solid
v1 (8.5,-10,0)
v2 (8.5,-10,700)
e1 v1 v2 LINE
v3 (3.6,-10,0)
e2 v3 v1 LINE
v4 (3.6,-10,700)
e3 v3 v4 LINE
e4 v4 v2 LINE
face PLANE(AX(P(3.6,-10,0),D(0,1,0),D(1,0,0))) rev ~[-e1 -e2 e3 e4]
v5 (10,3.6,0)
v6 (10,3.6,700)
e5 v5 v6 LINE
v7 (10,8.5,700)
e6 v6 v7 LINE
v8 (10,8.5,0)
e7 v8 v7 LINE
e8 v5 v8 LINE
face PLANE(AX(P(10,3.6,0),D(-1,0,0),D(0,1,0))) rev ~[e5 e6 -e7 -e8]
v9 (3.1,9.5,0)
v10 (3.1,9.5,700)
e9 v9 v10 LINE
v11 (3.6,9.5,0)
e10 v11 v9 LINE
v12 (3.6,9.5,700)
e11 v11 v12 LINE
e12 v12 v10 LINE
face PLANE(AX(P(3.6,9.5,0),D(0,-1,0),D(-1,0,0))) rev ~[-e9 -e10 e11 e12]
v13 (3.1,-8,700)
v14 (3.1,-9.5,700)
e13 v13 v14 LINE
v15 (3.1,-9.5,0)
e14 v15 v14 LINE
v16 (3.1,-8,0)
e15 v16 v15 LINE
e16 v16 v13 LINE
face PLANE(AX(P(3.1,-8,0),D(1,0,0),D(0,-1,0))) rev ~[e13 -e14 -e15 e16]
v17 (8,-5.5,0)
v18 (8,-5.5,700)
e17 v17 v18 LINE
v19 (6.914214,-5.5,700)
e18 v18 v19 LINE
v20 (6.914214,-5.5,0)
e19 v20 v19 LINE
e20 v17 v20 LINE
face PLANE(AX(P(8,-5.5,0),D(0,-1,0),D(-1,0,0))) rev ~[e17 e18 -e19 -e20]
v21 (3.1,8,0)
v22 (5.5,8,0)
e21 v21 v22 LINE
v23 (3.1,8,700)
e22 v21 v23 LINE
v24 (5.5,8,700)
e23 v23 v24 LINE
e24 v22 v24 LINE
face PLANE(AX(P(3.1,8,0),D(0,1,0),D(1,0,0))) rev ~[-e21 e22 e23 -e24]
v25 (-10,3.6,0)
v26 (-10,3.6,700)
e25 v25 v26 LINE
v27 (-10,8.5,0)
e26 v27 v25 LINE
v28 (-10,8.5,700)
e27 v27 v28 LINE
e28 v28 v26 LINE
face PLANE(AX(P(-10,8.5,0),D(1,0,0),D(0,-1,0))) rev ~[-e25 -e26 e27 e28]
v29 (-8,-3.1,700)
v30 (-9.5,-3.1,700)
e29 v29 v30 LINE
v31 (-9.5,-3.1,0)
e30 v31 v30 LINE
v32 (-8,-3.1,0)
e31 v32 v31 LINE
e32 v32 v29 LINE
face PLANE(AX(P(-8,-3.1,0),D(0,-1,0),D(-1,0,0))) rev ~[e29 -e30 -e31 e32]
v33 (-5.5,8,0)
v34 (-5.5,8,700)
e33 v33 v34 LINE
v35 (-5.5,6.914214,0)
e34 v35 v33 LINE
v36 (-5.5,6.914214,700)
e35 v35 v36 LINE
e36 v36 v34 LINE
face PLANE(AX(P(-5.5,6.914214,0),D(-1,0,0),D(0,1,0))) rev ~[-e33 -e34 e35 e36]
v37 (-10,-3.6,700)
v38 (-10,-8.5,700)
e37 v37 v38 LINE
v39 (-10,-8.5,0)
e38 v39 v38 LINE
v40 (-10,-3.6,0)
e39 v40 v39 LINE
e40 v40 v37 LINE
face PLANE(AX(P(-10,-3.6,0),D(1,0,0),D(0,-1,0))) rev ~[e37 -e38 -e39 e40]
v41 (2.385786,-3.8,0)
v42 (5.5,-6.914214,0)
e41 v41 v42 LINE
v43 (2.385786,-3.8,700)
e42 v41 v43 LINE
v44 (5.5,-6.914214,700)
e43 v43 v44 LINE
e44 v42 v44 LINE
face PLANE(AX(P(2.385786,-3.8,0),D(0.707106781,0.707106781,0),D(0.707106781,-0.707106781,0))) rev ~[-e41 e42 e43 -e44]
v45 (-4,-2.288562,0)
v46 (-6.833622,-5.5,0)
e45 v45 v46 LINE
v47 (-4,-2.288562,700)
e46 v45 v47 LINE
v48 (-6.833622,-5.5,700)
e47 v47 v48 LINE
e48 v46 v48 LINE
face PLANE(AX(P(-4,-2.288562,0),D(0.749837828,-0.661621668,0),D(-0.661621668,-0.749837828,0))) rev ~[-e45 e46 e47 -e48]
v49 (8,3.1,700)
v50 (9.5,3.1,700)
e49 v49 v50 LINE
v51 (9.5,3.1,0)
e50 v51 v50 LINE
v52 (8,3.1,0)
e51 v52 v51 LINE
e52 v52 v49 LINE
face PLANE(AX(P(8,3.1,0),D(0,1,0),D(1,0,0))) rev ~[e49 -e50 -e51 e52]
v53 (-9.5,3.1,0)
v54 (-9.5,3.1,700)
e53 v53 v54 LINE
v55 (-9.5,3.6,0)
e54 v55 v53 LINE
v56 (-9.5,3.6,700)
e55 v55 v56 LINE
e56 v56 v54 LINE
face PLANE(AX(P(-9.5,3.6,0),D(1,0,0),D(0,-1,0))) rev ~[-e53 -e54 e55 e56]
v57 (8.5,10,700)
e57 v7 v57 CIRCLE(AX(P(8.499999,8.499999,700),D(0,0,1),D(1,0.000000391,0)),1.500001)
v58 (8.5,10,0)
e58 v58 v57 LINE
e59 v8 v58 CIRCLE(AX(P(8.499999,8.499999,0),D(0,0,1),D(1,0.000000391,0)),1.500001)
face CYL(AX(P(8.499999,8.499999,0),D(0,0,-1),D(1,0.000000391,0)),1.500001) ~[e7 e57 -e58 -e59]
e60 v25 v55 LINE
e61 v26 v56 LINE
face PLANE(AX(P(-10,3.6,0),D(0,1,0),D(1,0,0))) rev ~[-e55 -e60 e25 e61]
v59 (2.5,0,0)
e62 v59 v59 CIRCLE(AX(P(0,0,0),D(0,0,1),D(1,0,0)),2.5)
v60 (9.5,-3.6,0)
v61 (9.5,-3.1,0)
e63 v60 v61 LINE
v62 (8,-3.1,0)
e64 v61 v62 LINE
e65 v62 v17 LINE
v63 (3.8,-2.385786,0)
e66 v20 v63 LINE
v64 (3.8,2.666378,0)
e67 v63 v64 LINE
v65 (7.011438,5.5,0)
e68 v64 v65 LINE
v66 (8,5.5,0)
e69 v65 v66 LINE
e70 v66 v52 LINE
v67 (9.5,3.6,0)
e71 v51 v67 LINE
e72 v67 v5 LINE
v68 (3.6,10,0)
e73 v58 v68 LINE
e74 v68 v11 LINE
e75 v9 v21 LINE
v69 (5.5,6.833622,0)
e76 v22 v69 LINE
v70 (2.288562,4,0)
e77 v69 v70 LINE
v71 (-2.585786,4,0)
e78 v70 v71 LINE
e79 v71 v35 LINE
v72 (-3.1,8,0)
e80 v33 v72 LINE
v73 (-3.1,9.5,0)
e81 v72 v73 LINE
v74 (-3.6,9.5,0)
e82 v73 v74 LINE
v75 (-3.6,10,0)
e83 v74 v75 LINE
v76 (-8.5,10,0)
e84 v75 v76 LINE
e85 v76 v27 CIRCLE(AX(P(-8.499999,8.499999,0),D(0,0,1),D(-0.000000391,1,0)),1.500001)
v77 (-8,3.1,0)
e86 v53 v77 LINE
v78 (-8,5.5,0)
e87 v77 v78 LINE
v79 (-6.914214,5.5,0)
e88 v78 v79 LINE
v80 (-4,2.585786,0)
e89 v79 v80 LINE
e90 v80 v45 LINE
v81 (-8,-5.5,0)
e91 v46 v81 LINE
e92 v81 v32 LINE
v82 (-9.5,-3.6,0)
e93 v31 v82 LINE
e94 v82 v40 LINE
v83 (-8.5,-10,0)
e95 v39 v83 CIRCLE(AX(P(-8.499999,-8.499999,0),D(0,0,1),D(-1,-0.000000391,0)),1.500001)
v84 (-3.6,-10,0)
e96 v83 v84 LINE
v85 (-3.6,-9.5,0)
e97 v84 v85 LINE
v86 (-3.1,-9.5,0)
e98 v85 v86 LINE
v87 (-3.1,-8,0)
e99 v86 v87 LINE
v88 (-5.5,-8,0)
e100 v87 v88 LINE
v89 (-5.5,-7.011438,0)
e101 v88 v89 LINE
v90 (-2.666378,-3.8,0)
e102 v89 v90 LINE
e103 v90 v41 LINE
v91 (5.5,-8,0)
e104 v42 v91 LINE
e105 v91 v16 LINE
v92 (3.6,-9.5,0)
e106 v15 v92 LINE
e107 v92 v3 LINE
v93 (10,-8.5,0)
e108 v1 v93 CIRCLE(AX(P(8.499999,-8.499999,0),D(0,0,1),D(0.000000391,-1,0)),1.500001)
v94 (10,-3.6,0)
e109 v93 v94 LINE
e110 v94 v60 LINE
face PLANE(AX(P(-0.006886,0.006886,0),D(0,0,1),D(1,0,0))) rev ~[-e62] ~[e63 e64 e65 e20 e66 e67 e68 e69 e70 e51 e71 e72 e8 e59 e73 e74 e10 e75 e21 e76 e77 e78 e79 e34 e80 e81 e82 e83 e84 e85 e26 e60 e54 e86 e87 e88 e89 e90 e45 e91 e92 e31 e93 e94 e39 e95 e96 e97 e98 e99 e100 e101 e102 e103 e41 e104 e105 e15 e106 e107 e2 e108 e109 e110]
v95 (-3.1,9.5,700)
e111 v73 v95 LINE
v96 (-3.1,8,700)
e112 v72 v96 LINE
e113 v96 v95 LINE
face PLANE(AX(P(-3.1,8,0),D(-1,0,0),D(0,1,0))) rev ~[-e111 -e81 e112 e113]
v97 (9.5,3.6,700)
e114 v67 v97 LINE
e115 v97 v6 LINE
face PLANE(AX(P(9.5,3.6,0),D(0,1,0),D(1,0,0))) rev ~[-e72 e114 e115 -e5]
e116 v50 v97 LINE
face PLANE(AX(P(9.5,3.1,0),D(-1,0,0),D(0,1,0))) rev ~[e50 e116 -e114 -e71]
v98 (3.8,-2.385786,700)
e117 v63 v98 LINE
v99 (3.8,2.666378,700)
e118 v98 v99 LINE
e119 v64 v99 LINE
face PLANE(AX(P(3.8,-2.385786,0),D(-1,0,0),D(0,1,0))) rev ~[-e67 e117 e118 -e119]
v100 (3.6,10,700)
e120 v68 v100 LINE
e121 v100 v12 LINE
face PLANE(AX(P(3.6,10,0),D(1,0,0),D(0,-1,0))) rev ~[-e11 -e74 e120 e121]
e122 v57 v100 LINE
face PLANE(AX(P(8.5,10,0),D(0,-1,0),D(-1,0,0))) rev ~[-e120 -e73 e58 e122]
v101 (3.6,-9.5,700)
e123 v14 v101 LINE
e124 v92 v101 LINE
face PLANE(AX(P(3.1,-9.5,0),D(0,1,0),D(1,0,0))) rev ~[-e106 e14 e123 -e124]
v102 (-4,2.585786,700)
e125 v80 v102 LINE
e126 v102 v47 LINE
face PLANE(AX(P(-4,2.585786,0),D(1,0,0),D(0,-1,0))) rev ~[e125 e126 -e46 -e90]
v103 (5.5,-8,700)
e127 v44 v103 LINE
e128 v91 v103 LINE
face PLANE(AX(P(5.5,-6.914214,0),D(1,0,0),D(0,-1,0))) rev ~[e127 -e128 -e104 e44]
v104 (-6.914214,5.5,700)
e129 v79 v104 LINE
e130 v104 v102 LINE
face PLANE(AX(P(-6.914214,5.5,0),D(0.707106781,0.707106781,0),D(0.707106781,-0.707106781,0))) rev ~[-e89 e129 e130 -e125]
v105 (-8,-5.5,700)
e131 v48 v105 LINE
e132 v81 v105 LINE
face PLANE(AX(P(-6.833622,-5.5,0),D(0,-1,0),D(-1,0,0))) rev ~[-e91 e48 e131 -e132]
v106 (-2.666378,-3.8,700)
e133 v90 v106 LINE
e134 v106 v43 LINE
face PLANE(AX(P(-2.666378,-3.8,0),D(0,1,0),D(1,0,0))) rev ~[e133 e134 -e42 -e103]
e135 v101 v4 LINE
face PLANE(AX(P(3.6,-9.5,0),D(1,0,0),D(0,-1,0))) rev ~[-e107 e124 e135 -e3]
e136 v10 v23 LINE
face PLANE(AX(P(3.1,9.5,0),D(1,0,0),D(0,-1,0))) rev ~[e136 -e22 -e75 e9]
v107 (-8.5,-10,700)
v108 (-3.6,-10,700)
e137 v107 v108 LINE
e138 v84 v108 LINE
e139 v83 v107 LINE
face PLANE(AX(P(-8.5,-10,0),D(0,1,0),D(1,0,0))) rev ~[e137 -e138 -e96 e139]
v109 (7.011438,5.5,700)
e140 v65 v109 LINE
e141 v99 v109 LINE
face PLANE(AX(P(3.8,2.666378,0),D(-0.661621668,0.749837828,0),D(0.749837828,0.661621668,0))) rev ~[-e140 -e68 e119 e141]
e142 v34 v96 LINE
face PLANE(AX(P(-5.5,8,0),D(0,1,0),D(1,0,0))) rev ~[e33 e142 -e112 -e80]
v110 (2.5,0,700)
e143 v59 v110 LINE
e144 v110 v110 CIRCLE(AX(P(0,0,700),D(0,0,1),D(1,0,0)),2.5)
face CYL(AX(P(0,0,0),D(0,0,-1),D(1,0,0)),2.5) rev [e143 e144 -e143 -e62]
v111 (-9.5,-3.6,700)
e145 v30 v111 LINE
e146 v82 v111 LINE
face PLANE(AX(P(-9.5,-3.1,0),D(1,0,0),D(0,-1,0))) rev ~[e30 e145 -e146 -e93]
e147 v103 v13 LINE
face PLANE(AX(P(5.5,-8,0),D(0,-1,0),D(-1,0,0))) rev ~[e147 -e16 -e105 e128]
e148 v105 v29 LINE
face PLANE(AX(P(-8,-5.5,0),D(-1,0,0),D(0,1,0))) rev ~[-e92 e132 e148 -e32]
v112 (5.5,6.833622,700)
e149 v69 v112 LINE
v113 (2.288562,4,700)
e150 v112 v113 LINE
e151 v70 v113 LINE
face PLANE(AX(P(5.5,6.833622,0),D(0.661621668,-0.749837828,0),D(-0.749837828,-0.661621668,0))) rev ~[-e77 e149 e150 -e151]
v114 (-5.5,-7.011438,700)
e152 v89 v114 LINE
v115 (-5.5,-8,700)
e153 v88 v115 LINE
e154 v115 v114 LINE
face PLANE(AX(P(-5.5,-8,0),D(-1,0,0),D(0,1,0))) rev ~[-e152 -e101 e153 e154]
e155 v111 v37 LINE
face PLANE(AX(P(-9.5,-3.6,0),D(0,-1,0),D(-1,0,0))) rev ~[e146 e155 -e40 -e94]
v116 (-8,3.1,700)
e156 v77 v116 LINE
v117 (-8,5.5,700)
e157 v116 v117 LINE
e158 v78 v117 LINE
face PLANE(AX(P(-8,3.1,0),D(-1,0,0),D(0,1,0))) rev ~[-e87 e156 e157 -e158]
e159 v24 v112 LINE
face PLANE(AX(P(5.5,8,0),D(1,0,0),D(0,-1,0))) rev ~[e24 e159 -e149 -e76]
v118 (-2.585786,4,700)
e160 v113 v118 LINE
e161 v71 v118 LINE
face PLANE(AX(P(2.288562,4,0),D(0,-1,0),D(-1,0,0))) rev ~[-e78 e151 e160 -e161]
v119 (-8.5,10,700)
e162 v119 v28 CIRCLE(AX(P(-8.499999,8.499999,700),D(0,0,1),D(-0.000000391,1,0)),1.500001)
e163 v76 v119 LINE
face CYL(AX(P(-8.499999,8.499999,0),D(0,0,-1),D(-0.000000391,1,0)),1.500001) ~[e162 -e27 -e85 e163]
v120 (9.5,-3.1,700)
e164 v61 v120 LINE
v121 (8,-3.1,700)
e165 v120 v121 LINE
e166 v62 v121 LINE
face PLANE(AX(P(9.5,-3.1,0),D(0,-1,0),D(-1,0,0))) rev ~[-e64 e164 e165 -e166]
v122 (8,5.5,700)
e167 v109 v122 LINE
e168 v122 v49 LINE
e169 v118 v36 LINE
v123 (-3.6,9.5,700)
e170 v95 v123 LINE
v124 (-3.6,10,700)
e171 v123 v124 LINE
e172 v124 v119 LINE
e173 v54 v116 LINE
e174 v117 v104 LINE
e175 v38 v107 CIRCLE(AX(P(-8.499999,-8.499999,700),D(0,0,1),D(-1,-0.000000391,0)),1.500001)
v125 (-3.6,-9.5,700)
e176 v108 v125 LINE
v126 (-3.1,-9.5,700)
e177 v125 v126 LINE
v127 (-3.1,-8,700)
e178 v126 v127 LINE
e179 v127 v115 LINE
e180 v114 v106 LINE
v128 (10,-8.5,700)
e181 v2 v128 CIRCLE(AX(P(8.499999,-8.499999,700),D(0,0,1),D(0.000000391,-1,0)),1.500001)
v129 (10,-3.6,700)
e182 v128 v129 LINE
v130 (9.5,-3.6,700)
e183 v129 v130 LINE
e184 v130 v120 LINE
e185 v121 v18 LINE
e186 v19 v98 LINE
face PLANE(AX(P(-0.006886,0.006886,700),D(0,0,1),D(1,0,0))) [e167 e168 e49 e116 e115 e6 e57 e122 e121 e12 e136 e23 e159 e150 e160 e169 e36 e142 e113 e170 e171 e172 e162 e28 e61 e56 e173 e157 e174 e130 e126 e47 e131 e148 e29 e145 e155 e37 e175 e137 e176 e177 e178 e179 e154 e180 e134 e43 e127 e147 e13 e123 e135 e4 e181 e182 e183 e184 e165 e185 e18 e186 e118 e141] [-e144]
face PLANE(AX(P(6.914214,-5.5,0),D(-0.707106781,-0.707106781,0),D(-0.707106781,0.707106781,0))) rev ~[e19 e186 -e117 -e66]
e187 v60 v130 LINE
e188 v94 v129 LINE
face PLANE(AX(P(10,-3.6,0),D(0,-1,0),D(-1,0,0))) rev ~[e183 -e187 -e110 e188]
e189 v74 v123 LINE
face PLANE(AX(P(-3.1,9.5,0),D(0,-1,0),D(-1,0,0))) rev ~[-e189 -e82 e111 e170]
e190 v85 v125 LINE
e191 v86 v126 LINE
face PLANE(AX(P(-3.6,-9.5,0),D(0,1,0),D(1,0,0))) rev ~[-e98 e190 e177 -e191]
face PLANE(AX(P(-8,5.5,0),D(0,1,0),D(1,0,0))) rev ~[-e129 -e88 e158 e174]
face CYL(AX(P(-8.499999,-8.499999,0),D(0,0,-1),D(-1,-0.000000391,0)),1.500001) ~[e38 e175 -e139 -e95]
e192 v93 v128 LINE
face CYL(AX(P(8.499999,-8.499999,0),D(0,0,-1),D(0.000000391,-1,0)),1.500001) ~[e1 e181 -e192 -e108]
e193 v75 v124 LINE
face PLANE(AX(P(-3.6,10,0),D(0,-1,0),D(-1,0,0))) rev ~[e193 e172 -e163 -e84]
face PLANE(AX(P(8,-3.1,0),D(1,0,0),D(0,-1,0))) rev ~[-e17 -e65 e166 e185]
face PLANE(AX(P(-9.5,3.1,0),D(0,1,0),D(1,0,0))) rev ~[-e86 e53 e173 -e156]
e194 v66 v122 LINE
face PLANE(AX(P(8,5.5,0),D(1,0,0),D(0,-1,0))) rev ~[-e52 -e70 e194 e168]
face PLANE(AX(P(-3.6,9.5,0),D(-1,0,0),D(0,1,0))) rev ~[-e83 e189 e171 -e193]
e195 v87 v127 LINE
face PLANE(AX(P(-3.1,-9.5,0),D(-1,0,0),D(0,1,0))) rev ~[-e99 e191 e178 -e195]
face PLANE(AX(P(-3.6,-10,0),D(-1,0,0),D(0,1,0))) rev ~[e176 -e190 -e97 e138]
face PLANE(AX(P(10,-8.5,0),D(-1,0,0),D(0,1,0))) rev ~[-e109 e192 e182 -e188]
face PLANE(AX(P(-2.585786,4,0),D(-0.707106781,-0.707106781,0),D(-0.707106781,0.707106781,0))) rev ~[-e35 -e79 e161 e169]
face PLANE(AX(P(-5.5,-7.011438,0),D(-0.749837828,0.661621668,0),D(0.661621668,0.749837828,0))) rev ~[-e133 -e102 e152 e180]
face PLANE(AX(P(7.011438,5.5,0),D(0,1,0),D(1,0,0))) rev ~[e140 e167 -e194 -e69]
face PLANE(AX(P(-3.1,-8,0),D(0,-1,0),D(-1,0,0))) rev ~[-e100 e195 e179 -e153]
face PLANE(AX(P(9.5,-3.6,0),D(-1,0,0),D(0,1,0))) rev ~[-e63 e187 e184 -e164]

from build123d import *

# Parameters (mm, degrees)
F0_R     = 2.5
F1_DEPTH = 700


with BuildPart() as f1:
    # F0 (on Top) → F1 (new body)
    with BuildSketch(Plane.XY):
        with BuildLine():
            Line((-3.6, 10), (-8.5, 10))
            ThreePointArc((-8.5, 10), (-9.56066, 9.56066), (-10, 8.5))
            Line((-10, 8.5), (-10, 3.6))
            Line((-10, 3.6), (-9.5, 3.6))
            Line((-9.5, 3.6), (-9.5, 3.1))
            Line((-9.5, 3.1), (-8, 3.1))
            Line((-8, 3.1), (-8, 5.5))
            Line((-8, 5.5), (-6.914214, 5.5))
            Line((-6.914214, 5.5), (-4, 2.585786))
            Line((-4, 2.585786), (-4, -2.288562))
            Line((-4, -2.288562), (-6.833622, -5.5))
            Line((-6.833622, -5.5), (-8, -5.5))
            Line((-8, -5.5), (-8, -3.1))
            Line((-8, -3.1), (-9.5, -3.1))
            Line((-9.5, -3.1), (-9.5, -3.6))
            Line((-9.5, -3.6), (-10, -3.6))
            Line((-10, -3.6), (-10, -8.5))
            ThreePointArc((-10, -8.5), (-9.56066, -9.56066), (-8.5, -10))
            Line((-8.5, -10), (-3.6, -10))
            Line((-3.6, -10), (-3.6, -9.5))
            Line((-3.6, -9.5), (-3.1, -9.5))
            Line((-3.1, -9.5), (-3.1, -8))
            Line((-3.1, -8), (-5.5, -8))
            Line((-5.5, -8), (-5.5, -7.011438))
            Line((-5.5, -7.011438), (-2.666378, -3.8))
            Line((-2.666378, -3.8), (2.385786, -3.8))
            Line((2.385786, -3.8), (5.5, -6.914214))
            Line((5.5, -6.914214), (5.5, -8))
            Line((5.5, -8), (3.1, -8))
            Line((3.1, -8), (3.1, -9.5))
            Line((3.1, -9.5), (3.6, -9.5))
            Line((3.6, -9.5), (3.6, -10))
            Line((3.6, -10), (8.5, -10))
            ThreePointArc((8.5, -10), (9.56066, -9.56066), (10, -8.5))
            Line((10, -8.5), (10, -3.6))
            Line((10, -3.6), (9.5, -3.6))
            Line((9.5, -3.6), (9.5, -3.1))
            Line((9.5, -3.1), (8, -3.1))
            Line((8, -3.1), (8, -5.5))
            Line((8, -5.5), (6.914214, -5.5))
            Line((6.914214, -5.5), (3.8, -2.385786))
            Line((3.8, -2.385786), (3.8, 2.666378))
            Line((3.8, 2.666378), (7.011438, 5.5))
            Line((7.011438, 5.5), (8, 5.5))
            Line((8, 5.5), (8, 3.1))
            Line((8, 3.1), (9.5, 3.1))
            Line((9.5, 3.1), (9.5, 3.6))
            Line((9.5, 3.6), (10, 3.6))
            Line((10, 3.6), (10, 8.5))
            ThreePointArc((10, 8.5), (9.56066, 9.56066), (8.5, 10))
            Line((8.5, 10), (3.6, 10))
            Line((3.6, 10), (3.6, 9.5))
            Line((3.6, 9.5), (3.1, 9.5))
            Line((3.1, 9.5), (3.1, 8))
            Line((3.1, 8), (5.5, 8))
            Line((5.5, 8), (5.5, 6.833622))
            Line((5.5, 6.833622), (2.288562, 4))
            Line((2.288562, 4), (-2.585786, 4))
            Line((-2.585786, 4), (-5.5, 6.914214))
            Line((-5.5, 6.914214), (-5.5, 8))
            Line((-5.5, 8), (-3.1, 8))
            Line((-3.1, 8), (-3.1, 9.5))
            Line((-3.1, 9.5), (-3.6, 9.5))
            Line((-3.6, 9.5), (-3.6, 10))
        make_face()
        Circle(F0_R, mode=Mode.SUBTRACT)
    extrude(amount=F1_DEPTH)


solid = f1.part
